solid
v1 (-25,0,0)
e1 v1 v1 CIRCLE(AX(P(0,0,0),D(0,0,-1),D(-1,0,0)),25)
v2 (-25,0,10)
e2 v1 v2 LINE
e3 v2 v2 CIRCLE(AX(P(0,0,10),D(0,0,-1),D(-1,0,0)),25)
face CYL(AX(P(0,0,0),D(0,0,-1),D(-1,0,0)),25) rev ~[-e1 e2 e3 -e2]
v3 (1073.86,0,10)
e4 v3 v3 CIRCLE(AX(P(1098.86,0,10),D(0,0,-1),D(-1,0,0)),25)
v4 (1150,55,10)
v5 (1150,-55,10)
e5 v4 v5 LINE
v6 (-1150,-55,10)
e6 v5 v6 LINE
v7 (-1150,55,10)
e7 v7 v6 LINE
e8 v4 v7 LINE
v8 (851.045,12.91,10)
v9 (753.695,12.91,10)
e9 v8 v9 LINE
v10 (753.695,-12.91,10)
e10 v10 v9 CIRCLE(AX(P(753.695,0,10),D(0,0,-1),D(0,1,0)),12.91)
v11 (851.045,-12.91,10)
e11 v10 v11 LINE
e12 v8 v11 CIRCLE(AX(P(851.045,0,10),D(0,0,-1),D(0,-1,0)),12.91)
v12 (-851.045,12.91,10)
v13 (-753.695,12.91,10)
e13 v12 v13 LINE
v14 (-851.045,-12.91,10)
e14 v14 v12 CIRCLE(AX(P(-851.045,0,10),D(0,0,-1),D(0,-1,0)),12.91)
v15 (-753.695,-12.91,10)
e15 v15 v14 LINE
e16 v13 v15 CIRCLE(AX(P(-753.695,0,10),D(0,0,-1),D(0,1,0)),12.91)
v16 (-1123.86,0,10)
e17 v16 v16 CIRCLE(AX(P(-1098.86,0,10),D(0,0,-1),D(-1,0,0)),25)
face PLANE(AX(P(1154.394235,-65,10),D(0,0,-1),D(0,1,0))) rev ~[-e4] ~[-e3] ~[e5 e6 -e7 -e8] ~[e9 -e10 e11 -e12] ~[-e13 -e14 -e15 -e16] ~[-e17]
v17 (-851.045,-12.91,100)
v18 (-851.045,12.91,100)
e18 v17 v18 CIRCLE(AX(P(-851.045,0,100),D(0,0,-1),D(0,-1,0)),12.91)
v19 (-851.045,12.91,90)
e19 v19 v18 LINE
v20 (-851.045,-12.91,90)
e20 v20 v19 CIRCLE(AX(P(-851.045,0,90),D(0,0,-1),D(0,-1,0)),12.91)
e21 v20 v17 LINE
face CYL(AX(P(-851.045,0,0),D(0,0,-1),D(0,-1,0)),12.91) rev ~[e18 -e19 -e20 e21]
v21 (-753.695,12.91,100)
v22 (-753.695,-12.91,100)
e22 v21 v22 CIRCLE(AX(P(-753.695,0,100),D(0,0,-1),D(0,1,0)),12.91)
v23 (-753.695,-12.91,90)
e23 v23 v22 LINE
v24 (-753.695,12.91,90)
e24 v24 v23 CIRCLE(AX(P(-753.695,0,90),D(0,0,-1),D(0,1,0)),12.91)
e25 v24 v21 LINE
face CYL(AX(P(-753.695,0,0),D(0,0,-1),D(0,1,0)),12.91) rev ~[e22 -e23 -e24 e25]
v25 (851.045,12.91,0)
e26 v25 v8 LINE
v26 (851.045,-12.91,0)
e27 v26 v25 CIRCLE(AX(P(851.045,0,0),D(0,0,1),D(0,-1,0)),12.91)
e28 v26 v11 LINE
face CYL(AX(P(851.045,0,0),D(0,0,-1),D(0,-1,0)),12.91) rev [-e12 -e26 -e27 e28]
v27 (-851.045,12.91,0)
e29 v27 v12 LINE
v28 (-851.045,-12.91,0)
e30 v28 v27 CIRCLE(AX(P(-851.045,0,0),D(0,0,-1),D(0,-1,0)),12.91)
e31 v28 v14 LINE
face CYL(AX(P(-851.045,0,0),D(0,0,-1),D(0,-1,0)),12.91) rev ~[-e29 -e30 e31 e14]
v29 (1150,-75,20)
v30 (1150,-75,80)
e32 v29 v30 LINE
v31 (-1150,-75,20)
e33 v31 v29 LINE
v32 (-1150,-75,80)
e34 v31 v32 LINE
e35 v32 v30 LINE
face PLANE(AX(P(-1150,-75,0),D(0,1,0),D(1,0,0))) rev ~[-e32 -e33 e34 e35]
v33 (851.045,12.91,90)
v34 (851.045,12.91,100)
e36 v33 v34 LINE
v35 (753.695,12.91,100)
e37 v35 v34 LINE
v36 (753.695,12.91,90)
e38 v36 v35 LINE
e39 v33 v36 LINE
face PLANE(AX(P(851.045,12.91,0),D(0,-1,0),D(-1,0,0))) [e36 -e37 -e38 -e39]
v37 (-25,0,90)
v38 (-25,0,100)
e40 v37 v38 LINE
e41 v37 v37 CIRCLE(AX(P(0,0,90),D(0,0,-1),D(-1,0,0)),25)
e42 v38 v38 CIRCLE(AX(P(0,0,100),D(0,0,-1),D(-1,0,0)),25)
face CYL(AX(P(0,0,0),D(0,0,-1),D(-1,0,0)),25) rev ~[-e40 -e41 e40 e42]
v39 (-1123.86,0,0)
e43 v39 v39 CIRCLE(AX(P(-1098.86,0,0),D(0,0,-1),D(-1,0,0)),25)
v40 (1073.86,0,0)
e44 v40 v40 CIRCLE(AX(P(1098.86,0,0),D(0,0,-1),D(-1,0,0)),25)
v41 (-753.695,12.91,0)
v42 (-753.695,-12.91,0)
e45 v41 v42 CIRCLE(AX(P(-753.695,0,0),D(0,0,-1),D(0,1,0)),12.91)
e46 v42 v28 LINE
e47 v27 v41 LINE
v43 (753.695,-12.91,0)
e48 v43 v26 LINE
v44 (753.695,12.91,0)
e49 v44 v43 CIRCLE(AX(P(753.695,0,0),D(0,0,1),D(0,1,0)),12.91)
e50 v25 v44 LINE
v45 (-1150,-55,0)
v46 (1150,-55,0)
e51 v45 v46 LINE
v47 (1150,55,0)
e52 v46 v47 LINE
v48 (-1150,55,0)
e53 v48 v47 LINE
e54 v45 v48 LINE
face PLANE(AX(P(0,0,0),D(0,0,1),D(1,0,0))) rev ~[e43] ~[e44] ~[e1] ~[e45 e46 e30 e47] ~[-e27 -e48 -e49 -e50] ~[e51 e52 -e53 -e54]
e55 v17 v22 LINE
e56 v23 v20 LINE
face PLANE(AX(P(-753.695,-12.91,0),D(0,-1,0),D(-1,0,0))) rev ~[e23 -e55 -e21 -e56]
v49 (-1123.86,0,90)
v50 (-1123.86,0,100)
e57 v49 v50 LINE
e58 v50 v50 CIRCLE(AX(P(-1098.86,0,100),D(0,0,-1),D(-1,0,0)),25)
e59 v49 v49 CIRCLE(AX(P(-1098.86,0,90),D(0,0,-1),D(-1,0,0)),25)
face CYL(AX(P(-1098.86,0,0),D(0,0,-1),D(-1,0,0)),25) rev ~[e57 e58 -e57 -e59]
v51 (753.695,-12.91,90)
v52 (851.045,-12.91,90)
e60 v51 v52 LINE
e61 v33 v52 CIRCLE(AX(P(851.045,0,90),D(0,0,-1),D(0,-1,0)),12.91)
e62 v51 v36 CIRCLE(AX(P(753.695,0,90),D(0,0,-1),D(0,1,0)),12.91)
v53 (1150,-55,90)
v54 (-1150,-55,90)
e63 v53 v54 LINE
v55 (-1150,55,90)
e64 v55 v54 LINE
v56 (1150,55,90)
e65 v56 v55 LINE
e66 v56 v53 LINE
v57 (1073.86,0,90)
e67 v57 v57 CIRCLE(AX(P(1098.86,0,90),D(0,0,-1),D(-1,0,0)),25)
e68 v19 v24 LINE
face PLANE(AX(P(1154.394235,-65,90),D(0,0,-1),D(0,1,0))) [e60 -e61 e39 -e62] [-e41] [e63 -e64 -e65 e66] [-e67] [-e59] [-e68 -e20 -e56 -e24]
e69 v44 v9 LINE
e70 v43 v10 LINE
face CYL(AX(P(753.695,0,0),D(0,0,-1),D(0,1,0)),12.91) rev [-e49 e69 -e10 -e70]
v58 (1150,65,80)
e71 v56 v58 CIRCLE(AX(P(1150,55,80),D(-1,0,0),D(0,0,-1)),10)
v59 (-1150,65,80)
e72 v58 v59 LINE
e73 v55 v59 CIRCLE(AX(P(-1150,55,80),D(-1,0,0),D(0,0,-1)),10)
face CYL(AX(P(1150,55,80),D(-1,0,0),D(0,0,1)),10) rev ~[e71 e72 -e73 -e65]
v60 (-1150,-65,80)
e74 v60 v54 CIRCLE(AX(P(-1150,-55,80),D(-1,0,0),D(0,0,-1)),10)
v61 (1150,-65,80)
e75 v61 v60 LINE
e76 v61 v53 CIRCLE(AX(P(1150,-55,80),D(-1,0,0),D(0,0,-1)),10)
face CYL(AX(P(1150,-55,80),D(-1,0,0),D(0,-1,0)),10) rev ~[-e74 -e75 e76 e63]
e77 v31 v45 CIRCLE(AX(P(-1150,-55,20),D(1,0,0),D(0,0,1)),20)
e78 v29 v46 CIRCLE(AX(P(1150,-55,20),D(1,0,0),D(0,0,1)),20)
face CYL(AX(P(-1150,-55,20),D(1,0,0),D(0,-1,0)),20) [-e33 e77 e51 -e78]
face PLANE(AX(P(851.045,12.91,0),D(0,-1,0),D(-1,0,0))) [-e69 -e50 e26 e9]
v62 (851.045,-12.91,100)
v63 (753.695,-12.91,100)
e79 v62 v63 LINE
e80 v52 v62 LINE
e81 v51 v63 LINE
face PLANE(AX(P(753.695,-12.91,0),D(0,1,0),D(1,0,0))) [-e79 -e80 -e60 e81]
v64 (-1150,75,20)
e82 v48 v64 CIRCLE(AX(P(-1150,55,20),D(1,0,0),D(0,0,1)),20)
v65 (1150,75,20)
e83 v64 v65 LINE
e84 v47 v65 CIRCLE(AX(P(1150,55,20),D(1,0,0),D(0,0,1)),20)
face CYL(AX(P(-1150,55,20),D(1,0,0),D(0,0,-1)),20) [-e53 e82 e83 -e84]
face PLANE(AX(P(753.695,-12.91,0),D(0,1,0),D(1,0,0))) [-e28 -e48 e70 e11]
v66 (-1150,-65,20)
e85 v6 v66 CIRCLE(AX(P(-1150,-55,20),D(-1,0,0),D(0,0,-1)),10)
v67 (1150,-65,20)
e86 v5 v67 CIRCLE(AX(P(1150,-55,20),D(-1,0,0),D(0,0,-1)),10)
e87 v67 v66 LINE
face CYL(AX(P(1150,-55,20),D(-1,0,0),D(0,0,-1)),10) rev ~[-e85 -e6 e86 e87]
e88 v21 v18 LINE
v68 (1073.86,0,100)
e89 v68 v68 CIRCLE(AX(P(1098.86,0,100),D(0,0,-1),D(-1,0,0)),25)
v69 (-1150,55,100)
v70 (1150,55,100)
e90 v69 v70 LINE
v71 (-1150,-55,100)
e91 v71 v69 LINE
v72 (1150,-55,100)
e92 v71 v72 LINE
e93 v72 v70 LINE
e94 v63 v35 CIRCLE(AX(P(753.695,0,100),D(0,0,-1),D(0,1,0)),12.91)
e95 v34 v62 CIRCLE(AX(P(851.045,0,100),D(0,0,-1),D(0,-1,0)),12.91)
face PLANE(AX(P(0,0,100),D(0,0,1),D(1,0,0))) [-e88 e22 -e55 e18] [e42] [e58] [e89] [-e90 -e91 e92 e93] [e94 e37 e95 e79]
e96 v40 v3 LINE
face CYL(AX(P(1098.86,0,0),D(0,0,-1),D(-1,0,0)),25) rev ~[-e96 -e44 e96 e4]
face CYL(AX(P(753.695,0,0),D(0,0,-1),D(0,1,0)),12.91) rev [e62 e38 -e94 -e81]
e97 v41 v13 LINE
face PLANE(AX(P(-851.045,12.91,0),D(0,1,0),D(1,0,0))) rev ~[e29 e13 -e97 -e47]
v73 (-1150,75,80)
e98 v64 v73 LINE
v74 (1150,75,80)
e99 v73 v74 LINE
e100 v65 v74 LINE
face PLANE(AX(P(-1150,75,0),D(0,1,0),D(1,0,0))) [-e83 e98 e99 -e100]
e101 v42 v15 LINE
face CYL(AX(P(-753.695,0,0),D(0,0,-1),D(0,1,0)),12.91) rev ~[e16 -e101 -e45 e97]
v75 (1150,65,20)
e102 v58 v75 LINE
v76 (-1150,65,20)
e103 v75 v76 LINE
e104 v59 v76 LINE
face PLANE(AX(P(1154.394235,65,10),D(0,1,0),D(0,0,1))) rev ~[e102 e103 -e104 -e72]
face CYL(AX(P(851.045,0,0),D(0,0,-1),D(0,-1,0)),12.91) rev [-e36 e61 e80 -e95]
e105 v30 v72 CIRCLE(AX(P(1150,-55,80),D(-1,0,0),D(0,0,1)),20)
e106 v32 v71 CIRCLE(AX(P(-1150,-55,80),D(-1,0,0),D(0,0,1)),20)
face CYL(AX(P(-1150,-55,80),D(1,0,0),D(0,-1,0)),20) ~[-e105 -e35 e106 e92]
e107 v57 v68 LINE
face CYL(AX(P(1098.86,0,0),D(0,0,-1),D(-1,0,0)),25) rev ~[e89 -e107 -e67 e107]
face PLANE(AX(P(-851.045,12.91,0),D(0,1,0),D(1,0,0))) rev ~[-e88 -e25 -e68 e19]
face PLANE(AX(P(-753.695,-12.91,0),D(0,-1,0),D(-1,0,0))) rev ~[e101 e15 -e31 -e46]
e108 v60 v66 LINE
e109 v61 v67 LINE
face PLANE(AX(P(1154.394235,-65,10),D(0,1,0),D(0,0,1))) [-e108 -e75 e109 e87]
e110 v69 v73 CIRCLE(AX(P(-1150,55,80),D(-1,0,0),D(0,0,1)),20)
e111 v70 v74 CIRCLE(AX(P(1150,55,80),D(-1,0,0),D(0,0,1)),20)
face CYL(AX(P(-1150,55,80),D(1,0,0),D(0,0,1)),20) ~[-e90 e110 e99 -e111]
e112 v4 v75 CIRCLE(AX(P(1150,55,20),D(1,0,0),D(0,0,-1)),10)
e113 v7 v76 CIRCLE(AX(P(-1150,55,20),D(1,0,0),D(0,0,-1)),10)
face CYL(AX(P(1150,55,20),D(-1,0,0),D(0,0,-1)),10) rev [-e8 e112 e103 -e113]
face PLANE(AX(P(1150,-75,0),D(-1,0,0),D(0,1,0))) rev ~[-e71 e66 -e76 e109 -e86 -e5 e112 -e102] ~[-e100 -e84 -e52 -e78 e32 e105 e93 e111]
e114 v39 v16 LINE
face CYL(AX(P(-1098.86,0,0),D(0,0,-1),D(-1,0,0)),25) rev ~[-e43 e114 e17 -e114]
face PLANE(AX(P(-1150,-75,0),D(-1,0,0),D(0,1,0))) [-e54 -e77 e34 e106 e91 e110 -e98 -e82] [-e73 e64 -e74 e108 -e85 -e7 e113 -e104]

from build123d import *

# Parameters (mm, degrees)
SKETCH1_W               = 2300
SKETCH1_H               = 150
BOSS_EXTRUDE1_DEPTH     = 100
CUT_EXTRUDE1_DEPTH      = 2304.394234602
CUT_EXTRUDE1_DEPTH_BACK = 2304.394234602
SKETCH3_W               = 80
SKETCH3_H               = 130
FILLET1_R               = 10
FILLET2_R               = 20
SKETCH4_R               = 25
CUT_EXTRUDE2_DEPTH      = 1157.773530126
CUT_EXTRUDE3_DEPTH      = 1157.773530126


with BuildPart() as part:
    # Sketch1 → Boss-Extrude1 (new body)
    with BuildSketch(Plane.XY):
        Rectangle(SKETCH1_W, SKETCH1_H)
    extrude(amount=BOSS_EXTRUDE1_DEPTH)

    # Sketch3 → Cut-Extrude1 (cut, two sides: drawn at the far end of the back side and taken through both)
    with BuildSketch(Plane.ZY.offset(1150).offset(-CUT_EXTRUDE1_DEPTH_BACK)):
        with Locations((50, 0)):
            Rectangle(SKETCH3_W, SKETCH3_H)
    extrude(amount=CUT_EXTRUDE1_DEPTH + CUT_EXTRUDE1_DEPTH_BACK, mode=Mode.SUBTRACT)

    # Fillet1
    fillet1_edges = [part.edges().sort_by_distance(p)[0] for p in [
        (0, -65, 90),
        (0, -65, 10),
        (0, 65, 10),
        (0, 65, 90),
    ]]
    fillet(fillet1_edges, radius=FILLET1_R)

    # Fillet2
    fillet2_edges = [part.edges().sort_by_distance(p)[0] for p in [
        (0, 75, 100),
        (0, 75, 0),
        (0, -75, 0),
        (0, -75, 100),
    ]]
    fillet(fillet2_edges, radius=FILLET2_R)

    # Sketch4 → Cut-Extrude2 (cut, through all)
    with BuildSketch(Plane(origin=(0, 0, 0), x_dir=(-1, 0, 0), z_dir=(0, 0, -1))):
        Circle(SKETCH4_R)
        with Locations((-1098.86, 0)):
            Circle(SKETCH4_R)
        with Locations((1098.86, 0)):
            Circle(SKETCH4_R)
    extrude(amount=-CUT_EXTRUDE2_DEPTH, mode=Mode.SUBTRACT)

    # Sketch5 → Cut-Extrude3 (cut, through all)
    with BuildSketch(Plane(origin=(0, 0, 0), x_dir=(-1, 0, 0), z_dir=(0, 0, -1))):
        with BuildLine():
            Line((-851.045, 12.91), (-753.695, 12.91))
            ThreePointArc((-753.695, 12.91), (-740.785, 0), (-753.695, -12.91))
            Line((-753.695, -12.91), (-851.045, -12.91))
            ThreePointArc((-851.045, -12.91), (-863.955, 0), (-851.045, 12.91))
        make_face()
        with BuildLine():
            Line((851.045, 12.91), (753.695, 12.91))
            ThreePointArc((753.695, 12.91), (740.785, 0), (753.695, -12.91))
            Line((753.695, -12.91), (851.045, -12.91))
            ThreePointArc((851.045, -12.91), (863.955, 0), (851.045, 12.91))
        make_face()
    extrude(amount=-CUT_EXTRUDE3_DEPTH, mode=Mode.SUBTRACT)


solid = part.part
